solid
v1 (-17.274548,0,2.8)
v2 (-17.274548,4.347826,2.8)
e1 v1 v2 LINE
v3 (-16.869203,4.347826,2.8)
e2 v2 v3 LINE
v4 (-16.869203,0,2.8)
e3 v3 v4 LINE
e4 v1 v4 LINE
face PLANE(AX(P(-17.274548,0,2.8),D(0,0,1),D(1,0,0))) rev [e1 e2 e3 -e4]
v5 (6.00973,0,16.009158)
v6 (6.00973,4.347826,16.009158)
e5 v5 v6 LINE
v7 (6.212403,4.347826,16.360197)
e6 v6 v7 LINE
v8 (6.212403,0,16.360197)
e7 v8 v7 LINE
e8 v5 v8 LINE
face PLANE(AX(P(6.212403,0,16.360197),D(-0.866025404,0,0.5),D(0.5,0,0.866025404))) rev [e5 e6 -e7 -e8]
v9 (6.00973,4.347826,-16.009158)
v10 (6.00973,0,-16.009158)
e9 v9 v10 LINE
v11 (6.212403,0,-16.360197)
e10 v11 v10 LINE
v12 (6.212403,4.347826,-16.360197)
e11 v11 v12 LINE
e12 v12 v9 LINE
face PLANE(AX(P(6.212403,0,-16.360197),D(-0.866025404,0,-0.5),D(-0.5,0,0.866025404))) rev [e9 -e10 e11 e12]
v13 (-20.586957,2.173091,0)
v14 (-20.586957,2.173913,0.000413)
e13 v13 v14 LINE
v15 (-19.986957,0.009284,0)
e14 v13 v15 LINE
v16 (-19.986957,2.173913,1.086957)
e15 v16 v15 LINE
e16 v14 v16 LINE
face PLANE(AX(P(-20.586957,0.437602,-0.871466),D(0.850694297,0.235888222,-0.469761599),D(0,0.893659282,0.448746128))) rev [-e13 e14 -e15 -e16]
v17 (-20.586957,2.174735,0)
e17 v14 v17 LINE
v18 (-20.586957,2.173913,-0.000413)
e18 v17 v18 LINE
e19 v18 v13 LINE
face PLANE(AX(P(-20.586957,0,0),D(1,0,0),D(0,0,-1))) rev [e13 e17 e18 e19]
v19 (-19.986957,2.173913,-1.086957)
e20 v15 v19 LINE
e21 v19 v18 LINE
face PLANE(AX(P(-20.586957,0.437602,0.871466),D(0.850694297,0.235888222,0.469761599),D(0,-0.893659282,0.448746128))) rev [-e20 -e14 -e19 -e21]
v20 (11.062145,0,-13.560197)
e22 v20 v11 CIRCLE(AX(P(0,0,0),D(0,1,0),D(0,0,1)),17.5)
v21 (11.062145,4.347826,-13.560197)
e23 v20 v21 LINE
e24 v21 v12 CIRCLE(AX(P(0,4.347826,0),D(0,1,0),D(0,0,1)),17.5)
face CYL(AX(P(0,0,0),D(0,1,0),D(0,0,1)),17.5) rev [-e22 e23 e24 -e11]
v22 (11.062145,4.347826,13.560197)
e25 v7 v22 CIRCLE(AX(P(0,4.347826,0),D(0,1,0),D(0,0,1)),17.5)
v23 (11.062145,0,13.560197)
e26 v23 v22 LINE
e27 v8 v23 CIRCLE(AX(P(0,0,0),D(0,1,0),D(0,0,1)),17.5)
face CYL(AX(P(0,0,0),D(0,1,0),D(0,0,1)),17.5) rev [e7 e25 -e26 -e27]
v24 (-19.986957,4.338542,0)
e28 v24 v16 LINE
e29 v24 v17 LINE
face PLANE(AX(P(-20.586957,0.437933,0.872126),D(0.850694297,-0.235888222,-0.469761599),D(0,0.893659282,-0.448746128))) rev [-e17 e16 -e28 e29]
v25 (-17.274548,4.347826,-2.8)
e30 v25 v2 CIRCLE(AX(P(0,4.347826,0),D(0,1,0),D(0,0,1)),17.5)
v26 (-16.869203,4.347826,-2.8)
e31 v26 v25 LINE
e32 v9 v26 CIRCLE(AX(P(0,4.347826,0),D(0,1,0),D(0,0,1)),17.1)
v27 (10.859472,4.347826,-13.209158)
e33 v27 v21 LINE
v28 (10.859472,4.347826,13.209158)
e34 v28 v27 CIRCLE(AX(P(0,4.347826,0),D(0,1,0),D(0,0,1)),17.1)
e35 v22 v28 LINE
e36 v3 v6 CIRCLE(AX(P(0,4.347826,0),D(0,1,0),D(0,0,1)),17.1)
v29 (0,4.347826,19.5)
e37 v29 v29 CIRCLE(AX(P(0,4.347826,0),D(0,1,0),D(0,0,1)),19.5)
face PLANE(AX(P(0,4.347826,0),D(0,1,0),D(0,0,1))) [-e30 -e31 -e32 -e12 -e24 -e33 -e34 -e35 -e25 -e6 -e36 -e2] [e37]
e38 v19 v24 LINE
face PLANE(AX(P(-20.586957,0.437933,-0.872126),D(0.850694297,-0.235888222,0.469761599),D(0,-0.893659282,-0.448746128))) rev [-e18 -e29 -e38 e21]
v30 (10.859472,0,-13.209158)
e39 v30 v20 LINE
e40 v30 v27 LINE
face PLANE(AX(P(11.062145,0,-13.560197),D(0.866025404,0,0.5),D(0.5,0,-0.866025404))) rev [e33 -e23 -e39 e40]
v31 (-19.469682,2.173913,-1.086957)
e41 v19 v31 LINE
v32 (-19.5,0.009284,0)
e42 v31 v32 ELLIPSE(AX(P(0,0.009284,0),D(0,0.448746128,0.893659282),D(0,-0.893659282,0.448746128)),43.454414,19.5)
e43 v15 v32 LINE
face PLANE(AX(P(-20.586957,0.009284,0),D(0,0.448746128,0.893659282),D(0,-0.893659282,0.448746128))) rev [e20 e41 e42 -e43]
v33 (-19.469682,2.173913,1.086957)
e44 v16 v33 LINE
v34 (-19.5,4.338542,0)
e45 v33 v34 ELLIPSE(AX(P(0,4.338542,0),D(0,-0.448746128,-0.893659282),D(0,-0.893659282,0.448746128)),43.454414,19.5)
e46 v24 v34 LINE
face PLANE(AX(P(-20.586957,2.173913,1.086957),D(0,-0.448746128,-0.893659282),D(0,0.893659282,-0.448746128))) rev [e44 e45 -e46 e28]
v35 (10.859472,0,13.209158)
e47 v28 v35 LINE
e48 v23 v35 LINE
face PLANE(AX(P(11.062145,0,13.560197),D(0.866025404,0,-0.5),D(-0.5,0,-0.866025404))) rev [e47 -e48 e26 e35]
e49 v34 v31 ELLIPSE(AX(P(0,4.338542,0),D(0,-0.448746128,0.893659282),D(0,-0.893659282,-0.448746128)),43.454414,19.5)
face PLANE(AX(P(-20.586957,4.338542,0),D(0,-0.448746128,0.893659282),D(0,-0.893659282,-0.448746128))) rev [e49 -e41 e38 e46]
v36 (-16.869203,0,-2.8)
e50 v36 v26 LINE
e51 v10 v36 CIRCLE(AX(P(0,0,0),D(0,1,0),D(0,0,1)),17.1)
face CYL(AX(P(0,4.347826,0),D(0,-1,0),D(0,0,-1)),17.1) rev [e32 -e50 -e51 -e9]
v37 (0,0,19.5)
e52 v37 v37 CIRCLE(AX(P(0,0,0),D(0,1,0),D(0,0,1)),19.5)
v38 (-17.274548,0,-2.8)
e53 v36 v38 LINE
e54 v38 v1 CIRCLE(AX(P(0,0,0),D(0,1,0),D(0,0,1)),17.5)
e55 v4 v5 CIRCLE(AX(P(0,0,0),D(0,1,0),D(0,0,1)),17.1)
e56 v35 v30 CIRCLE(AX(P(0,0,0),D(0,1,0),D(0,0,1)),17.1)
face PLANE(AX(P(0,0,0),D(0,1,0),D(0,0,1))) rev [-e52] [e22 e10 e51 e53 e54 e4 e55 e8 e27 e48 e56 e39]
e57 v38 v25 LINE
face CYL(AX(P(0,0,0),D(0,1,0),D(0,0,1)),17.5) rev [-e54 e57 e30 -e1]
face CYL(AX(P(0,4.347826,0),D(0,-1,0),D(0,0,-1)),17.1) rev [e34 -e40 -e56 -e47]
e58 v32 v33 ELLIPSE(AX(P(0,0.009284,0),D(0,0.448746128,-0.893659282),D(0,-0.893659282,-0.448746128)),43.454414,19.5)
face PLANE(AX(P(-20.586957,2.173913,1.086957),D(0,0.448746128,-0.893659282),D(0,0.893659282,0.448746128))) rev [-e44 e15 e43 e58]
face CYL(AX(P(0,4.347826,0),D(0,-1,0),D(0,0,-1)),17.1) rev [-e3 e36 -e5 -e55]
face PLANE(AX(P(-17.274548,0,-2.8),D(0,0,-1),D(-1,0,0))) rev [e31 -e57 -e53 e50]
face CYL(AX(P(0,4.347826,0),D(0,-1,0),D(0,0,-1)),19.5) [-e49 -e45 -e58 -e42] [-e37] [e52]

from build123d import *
from OCP.BRepFilletAPI import BRepFilletAPI_MakeChamfer

# Parameters (mm, degrees)
SKETCH1_R           = 19.5
SKETCH1_R_2         = 17.1
BOSS_EXTRUDE1_DEPTH = 4.347826087
BOSS_EXTRUDE2_DEPTH = 1.08695652
CHAMFER1_SIZE       = 0.6
CHAMFER1_SIZE2      = 0.971
CUT_EXTRUDE1_DEPTH  = 29.687564735


with BuildPart() as part:
    # Sketch1 → Boss-Extrude1 (new body)
    with BuildSketch(Plane(origin=(0, 0, 0), x_dir=(1, 0, 0), z_dir=(0, 1, 0))):
        with Locations(Location((0, 0, 0), (0, 0, 270))):
            Circle(SKETCH1_R)
        with Locations(Location((0, 0, 0), (0, 0, 270))):
            Circle(SKETCH1_R_2, mode=Mode.SUBTRACT)
    extrude(amount=BOSS_EXTRUDE1_DEPTH)

    # Sketch2 → Boss-Extrude2 (add, symmetric)
    with BuildSketch(Plane.ZY.offset(19.5)):
        Polygon((0, 0.00928426), (-1.086956522, 2.173913043), (0, 4.338541827), (1.086956522, 2.173913043), align=None)
    extrude(amount=BOSS_EXTRUDE2_DEPTH, both=True)

    # Chamfer1: one chamfer whose edges measure the first distance from different faces: ONE call of the kernel's chamfer builder (chamfer() names one face for all edges)
    chamfer1_edges_1 = [part.edges().sort_by_distance(p)[0] for p in [
        (-20.58695652, 3.256227435, -0.543478261),
    ]]
    chamfer1_side_1 = [part.faces().sort_by_distance(p)[0] for p in [
        (-20.038389639, 3.251243161, -0.545981087),
    ]]
    chamfer1_edges_2 = [part.edges().sort_by_distance(p)[0] for p in [
        (-20.58695652, 1.091598652, -0.543478261),
    ]]
    chamfer1_side_2 = [part.faces().sort_by_distance(p)[0] for p in [
        (-20.038389639, 1.096582926, -0.545981087),
    ]]
    chamfer1_edges_3 = [part.edges().sort_by_distance(p)[0] for p in [
        (-20.58695652, 1.091598652, 0.543478261),
    ]]
    chamfer1_side_3 = [part.faces().sort_by_distance(p)[0] for p in [
        (-20.038389639, 1.096582926, 0.545981087),
    ]]
    chamfer1_edges_4 = [part.edges().sort_by_distance(p)[0] for p in [
        (-20.58695652, 3.256227435, 0.543478261),
    ]]
    chamfer1_side_4 = [part.faces().sort_by_distance(p)[0] for p in [
        (-20.038389639, 3.251243161, 0.545981087),
    ]]
    chamfer1 = BRepFilletAPI_MakeChamfer(part.part.solid().wrapped)
    for e in chamfer1_edges_1:
        chamfer1.Add(CHAMFER1_SIZE, CHAMFER1_SIZE2, e.wrapped, chamfer1_side_1[0].wrapped)  # the first distance lies on this face
    for e in chamfer1_edges_2:
        chamfer1.Add(CHAMFER1_SIZE, CHAMFER1_SIZE2, e.wrapped, chamfer1_side_2[0].wrapped)  # the first distance lies on this face
    for e in chamfer1_edges_3:
        chamfer1.Add(CHAMFER1_SIZE, CHAMFER1_SIZE2, e.wrapped, chamfer1_side_3[0].wrapped)  # the first distance lies on this face
    for e in chamfer1_edges_4:
        chamfer1.Add(CHAMFER1_SIZE, CHAMFER1_SIZE2, e.wrapped, chamfer1_side_4[0].wrapped)  # the first distance lies on this face
    add(Compound.cast(chamfer1.Shape()), mode=Mode.REPLACE)

    # Sketch3 → Cut-Extrude1 (cut, through all)
    with BuildSketch(Plane(origin=(0, 4.347826087, 0), x_dir=(1, 0, 0), z_dir=(0, 1, 0))):
        with BuildLine():
            Line((-17.274547751, 2.8), (-15.753094934, 2.8))
            ThreePointArc((-15.753094934, 2.8), (-16, 0), (-15.753094934, -2.8))
            Line((-15.753094934, -2.8), (-17.274547751, -2.8))
            ThreePointArc((-17.274547751, -2.8), (-17.5, 0), (-17.274547751, 2.8))
        make_face()
        with BuildLine():
            Line((11.062145006, 13.560197191), (10.301418598, 12.242580401))
            ThreePointArc((10.301418598, 12.242580401), (8, 13.856406461), (5.451676336, 15.042580401))
            Line((5.451676336, 15.042580401), (6.212402745, 16.360197191))
            ThreePointArc((6.212402745, 16.360197191), (8.75, 15.155444566), (11.062145006, 13.560197191))
        make_face()
        with BuildLine():
            Line((6.212402745, -16.360197191), (5.451676336, -15.042580401))
            ThreePointArc((5.451676336, -15.042580401), (8, -13.856406461), (10.301418598, -12.242580401))
            Line((10.301418598, -12.242580401), (11.062145006, -13.560197191))
            ThreePointArc((11.062145006, -13.560197191), (8.75, -15.155444566), (6.212402745, -16.360197191))
        make_face()
    extrude(amount=-CUT_EXTRUDE1_DEPTH, mode=Mode.SUBTRACT)


solid = part.part
